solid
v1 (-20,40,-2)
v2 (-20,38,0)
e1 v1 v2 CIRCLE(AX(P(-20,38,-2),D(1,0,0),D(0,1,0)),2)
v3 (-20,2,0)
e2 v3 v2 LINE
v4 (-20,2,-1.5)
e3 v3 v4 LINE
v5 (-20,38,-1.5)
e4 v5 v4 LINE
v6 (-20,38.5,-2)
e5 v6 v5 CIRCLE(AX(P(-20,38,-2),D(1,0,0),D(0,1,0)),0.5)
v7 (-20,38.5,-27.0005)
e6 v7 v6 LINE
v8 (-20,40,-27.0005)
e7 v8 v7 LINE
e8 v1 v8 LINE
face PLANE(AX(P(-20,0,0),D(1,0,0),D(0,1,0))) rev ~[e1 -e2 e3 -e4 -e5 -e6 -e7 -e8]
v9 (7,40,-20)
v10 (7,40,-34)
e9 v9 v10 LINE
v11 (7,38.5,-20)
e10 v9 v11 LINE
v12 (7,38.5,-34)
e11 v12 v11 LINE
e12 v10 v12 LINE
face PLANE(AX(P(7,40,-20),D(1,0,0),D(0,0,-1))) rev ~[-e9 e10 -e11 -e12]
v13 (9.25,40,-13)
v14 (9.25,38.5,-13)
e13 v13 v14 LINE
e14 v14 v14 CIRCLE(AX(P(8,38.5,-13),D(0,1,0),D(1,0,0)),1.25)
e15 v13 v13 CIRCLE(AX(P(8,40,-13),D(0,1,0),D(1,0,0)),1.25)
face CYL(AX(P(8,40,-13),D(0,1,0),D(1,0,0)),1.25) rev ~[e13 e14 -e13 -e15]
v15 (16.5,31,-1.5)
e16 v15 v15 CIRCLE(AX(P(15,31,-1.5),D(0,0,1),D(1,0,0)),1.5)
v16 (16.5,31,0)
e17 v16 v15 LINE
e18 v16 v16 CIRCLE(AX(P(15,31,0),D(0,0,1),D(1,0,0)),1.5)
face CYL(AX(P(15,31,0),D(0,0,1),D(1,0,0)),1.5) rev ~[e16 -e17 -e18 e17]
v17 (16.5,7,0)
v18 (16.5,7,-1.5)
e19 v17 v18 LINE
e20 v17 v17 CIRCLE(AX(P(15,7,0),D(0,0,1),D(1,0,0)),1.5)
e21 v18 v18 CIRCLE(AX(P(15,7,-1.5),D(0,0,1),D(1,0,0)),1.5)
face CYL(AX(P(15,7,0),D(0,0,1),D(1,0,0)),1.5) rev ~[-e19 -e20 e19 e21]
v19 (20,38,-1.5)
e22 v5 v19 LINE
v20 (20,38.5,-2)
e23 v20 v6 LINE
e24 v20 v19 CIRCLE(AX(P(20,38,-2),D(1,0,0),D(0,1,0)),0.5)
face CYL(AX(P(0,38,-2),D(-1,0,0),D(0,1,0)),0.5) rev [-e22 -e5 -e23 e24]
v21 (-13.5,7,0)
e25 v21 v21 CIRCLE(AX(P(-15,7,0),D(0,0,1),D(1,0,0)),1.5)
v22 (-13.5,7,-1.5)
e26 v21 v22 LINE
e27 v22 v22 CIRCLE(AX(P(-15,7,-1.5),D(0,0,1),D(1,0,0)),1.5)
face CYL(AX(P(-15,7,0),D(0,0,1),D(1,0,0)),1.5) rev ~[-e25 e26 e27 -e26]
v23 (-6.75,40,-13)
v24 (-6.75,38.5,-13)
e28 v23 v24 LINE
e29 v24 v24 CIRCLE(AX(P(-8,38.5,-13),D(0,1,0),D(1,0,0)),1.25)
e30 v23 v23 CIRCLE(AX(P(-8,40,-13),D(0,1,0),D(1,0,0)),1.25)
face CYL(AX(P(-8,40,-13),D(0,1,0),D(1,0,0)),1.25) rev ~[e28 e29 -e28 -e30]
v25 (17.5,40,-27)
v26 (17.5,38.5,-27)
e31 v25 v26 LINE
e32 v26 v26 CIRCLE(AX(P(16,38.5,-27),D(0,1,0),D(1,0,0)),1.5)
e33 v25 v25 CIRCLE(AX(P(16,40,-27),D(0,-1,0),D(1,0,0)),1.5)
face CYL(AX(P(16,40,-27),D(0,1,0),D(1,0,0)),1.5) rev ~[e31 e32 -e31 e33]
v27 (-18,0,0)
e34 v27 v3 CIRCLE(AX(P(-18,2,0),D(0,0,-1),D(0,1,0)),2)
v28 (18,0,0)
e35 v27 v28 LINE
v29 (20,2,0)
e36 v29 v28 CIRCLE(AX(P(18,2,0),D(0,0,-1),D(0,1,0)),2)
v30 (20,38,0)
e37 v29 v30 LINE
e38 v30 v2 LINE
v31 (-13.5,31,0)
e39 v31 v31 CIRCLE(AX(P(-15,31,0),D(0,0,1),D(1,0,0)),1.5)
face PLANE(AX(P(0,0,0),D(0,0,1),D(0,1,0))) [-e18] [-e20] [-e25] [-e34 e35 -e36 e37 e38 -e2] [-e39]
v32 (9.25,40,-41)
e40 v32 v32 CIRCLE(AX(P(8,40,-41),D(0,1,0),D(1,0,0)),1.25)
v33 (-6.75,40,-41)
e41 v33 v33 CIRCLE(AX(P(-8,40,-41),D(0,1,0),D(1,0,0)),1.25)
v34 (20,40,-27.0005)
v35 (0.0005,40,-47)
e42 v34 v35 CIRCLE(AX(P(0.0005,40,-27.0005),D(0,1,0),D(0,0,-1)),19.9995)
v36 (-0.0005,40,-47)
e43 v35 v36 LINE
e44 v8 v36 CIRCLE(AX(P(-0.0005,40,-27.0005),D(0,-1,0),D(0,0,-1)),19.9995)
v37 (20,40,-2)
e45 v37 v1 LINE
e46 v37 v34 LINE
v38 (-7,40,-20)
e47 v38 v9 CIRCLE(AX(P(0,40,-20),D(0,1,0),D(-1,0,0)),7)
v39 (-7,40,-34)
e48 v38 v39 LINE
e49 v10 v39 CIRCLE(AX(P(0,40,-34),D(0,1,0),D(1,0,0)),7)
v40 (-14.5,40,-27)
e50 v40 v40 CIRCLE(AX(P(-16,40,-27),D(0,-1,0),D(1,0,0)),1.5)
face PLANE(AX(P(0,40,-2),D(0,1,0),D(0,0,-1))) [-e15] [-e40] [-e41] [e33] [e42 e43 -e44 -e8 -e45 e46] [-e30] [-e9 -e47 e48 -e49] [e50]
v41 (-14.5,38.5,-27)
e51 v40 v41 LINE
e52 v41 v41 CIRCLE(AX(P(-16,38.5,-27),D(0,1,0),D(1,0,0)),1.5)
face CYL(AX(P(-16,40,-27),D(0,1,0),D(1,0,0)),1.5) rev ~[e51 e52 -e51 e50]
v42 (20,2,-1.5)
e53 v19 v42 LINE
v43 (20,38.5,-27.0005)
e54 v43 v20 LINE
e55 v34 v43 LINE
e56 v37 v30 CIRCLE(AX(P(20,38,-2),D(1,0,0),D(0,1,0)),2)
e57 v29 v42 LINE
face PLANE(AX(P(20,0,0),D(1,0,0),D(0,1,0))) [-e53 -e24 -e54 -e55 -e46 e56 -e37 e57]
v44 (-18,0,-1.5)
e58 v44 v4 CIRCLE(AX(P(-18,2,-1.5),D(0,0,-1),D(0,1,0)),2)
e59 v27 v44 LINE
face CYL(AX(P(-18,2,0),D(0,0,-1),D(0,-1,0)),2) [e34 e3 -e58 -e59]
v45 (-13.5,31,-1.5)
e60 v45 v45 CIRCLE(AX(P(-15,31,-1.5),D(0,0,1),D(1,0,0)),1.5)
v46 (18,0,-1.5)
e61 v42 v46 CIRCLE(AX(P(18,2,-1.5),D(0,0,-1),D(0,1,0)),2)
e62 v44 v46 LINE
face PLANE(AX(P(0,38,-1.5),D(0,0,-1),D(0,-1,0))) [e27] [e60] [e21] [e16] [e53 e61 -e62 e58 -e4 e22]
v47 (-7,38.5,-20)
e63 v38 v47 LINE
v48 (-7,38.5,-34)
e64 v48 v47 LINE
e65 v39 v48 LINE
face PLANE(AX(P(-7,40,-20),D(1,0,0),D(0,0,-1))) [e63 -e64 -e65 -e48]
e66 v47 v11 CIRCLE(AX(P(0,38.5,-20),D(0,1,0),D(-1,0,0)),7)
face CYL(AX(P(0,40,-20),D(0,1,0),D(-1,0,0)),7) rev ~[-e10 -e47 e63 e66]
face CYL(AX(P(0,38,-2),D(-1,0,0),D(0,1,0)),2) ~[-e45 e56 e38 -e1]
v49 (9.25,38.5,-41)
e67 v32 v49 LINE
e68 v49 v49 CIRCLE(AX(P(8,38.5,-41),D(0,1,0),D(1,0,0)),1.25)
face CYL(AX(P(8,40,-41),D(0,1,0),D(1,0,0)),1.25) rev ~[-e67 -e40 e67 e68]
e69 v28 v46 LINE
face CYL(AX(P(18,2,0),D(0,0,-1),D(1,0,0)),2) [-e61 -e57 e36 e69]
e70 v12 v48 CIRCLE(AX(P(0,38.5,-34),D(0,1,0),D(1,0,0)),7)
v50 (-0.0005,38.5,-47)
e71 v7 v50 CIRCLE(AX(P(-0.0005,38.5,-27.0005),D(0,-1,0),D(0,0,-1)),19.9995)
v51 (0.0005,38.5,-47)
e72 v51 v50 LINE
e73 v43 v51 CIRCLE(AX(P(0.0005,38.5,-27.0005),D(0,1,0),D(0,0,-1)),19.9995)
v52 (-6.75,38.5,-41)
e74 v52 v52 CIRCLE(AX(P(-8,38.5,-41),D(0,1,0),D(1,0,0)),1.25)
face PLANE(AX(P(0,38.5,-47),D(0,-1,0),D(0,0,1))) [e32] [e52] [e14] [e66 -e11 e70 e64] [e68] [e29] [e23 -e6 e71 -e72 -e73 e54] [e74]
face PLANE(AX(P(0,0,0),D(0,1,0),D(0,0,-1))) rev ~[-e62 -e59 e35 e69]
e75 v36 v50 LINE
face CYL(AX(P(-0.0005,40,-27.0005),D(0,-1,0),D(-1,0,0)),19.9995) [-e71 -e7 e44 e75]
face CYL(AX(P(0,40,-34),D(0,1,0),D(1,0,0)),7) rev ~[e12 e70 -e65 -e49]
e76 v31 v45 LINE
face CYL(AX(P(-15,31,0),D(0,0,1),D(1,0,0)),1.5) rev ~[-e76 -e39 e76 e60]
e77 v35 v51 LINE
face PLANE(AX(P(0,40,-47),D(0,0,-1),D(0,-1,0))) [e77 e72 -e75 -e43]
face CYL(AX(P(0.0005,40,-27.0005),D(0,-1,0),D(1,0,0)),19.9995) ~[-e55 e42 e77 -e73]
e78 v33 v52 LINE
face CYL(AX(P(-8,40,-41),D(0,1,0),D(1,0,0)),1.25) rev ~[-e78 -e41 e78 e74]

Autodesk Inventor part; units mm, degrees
ref_plane "YZ Plane" through (0, 0, 0) normal (1, 0, 0) x (0, 1, 0)
ref_plane "XZ Plane" through (0, 0, 0) normal (0, 1, 0) x (-1, 0, 0)
ref_plane "XY Plane" through (0, 0, 0) normal (0, 0, 1) x (1, 0, 0)
sketch "Sketch1" plane through (0, 0, 0) normal (1, 0, 0) x (0, 1, 0)
  line L0 (0, 0) -> (38, 0)
  line L1 (40, -2) -> (40, -47)
  arc A0 (40, -2) -> (38, 0) centre (38, -2) ccw
  line L2 (38.5, -47) -> (38.5, -2)
  arc A1 (38.5, -2) -> (38, -1.5) centre (38, -2) ccw
  line L3 (38, -1.5) -> (0, -1.5)
  line L4 (40, -47) -> (38.5, -47)
  line L5 (0, 0) -> (0, -1.5)
  point P0 (40, 0)
  dimension "d0" = 47
  dimension "d1" = 40
  dimension "d2" = 2
  dimension "d3" = 1.5
extrude "Extrusion1" add sketch "Sketch1" along normal mid plane 40
fillet "Fillet1" radius 20 2 edges at (20, 39.25, -47) (-20, 39.25, -47)
fillet "Fillet2" radius 2 2 edges at (-20, 0, -0.75) (20, 0, -0.75)
sketch "Sketch2" plane through (-20, 38, 0) normal (0, 0, 1) x (1, 0, 0)
  circle A0 centre (5, -7) radius 1.5 projected
  circle A1 centre (5, -31) radius 1.5 projected
  circle A2 centre (35, -31) radius 1.5 projected
  circle A3 centre (35, -7) radius 1.5 projected
  point P0 (20, -38)
extrude "Extrusion2" cut sketch "Sketch2" against normal through all
sketch "Sketch3" plane through (-20, 40, -2) normal (0, 1, 0) x (1, 0, 0)
  arc A0 (13, 18) -> (27, 18) centre (20, 18) ccw
  arc A1 (27, 32) -> (13, 32) centre (20, 32) ccw
  line L0 (13, 18) -> (13, 32)
  line L1 (27, 18) -> (27, 32)
  arc A2 (40, 25) -> (0, 25) centre (20, 25) ccw projected
  circle A3 centre (36, 25) radius 1.5
  circle A4 centre (4, 25) radius 1.5
  circle A5 centre (28, 11) radius 1.25
  circle A6 centre (12, 11) radius 1.25
  line L2 (40, 0) -> (40, 25) projected
  line L3 (40, 25) -> (0, 25)
  circle A7 centre (28, 39) radius 1.25
  circle A8 centre (12, 39) radius 1.25
  point P0 (20, -2)
  dimension "d10" = 14
  dimension "d11" = 14
  dimension "d12" = 28
  dimension "d13" = 7
  dimension "d14" = 3
  dimension "d15" = 3
  dimension "d16" = 32
  dimension "d17" = 16
  dimension "d18" = 2.5
  dimension "d19" = 2.5
  dimension "d20" = 16
  dimension "d21" = 8
extrude "Extrusion3" cut sketch "Sketch3" against normal through all contours L0 L3 L1 A0 | L0 A1 L1 L3 | L3 A4 | A4 L3 | L3 A3 | A3 L3 | A5 | A6 | A7 | A8
equation "\"d17\" = 0.5 * d16"
equation "\"d21\" = 0.5 * d20"
properties part number "MotorMount"
